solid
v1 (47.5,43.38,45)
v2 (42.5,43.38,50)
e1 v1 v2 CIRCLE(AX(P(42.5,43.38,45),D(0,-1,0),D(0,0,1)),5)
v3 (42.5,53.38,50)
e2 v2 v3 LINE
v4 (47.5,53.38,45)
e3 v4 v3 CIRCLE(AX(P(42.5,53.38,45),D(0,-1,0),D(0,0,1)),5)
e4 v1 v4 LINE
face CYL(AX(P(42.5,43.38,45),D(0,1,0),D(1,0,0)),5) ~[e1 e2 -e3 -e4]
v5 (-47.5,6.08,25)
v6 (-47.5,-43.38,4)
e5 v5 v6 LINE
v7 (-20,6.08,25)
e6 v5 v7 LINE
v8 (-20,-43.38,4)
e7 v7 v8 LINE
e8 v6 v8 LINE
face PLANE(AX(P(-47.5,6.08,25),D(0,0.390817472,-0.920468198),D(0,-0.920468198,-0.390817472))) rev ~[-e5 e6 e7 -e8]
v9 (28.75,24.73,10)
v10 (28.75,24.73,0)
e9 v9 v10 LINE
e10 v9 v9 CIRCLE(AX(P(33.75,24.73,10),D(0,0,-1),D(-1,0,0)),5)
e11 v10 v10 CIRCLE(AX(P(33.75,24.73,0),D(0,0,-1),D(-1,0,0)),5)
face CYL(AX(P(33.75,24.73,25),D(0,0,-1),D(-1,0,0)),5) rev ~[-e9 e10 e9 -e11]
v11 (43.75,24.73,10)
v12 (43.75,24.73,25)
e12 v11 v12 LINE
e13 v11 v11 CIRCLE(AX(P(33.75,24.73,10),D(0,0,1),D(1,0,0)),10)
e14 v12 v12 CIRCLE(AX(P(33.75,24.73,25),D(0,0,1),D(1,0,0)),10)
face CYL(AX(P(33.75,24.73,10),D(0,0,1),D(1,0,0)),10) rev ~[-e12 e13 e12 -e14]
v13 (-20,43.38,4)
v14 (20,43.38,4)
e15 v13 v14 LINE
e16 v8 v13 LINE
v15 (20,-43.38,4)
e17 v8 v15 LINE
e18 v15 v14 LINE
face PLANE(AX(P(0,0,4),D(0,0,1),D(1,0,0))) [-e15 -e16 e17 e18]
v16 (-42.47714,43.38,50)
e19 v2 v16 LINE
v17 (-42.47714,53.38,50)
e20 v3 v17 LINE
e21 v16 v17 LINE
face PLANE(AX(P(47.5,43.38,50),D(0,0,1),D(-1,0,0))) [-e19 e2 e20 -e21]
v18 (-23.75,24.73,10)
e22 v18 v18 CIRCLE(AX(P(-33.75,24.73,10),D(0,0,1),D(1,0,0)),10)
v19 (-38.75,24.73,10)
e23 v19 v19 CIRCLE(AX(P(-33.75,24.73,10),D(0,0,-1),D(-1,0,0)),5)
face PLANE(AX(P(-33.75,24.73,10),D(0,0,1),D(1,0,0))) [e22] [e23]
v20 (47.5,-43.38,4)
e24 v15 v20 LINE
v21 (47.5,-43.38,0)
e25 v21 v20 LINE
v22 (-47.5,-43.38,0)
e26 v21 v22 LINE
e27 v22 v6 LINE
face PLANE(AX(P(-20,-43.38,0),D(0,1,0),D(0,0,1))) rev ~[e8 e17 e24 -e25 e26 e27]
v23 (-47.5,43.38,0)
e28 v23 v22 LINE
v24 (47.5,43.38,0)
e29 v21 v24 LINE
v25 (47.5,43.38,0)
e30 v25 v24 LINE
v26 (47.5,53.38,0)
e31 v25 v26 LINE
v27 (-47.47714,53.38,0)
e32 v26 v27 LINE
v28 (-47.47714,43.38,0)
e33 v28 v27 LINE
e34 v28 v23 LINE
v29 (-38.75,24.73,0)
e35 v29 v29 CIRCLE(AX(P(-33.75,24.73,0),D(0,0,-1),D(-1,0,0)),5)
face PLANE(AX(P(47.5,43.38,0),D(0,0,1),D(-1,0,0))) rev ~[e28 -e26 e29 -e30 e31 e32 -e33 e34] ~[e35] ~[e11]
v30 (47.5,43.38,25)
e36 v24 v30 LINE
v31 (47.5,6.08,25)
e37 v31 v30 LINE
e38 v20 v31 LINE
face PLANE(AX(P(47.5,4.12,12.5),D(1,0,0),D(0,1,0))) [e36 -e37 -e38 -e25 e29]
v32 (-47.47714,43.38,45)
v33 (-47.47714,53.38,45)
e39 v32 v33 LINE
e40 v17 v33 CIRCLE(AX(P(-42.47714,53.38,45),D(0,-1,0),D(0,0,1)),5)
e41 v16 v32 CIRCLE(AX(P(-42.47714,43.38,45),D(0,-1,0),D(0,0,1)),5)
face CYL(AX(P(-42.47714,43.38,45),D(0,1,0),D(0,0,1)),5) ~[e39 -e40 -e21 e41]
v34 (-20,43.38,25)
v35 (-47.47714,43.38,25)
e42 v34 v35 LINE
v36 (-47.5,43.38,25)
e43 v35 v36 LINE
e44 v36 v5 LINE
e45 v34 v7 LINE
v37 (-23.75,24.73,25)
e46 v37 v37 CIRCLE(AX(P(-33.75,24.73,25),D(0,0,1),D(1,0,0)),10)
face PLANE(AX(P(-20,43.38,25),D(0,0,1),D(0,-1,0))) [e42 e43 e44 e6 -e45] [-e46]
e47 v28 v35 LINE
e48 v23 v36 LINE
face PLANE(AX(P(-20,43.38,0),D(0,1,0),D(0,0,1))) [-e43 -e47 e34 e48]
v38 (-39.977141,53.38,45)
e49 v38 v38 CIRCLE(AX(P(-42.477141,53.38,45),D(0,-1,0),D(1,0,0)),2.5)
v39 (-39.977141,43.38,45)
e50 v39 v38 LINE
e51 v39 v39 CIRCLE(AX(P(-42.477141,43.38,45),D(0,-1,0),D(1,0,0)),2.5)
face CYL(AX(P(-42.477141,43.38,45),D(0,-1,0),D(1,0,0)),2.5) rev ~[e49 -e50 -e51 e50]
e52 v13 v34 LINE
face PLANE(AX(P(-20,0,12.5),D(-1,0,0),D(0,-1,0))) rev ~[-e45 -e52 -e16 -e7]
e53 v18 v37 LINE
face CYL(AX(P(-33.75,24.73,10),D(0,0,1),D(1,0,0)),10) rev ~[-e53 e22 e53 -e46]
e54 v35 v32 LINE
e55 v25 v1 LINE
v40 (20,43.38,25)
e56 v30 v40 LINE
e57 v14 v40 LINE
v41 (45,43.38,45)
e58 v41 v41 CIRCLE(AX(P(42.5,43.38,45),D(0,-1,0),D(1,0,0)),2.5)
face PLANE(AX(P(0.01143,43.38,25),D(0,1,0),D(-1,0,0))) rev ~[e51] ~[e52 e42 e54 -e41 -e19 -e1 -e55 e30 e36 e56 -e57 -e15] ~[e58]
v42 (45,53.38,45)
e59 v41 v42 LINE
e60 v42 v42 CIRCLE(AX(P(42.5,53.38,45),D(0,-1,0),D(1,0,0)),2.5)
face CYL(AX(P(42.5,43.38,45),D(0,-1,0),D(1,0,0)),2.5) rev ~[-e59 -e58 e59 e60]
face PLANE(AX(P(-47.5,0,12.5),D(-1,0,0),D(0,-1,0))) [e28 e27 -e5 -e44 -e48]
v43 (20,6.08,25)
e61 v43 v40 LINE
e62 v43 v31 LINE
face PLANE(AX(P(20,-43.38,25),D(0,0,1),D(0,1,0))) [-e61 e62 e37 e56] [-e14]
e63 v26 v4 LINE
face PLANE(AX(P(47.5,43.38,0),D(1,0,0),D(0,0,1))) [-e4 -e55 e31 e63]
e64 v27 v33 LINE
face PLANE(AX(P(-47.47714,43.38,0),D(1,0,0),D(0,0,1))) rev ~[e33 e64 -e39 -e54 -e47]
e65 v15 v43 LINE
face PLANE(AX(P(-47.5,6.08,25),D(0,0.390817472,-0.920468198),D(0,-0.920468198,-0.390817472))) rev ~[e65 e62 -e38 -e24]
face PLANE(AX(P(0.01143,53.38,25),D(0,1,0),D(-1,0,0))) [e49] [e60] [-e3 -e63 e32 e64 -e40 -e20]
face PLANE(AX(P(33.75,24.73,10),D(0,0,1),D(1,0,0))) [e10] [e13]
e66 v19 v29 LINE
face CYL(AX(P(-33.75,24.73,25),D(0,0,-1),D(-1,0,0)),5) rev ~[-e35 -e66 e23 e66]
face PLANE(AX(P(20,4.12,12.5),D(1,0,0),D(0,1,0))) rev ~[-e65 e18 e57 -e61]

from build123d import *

# Parameters (mm, degrees)
F0_W            = 40
F0_H            = 86.76
F1_DEPTH        = 4
F2_W            = 95
F2_H            = 25
F3_DEPTH        = 27.5
F4_W            = 86.76
F4_H            = 25
F5_DEPTH        = 27.5
F6_W            = 94.977141
F6_H            = 50
F7_DEPTH        = 10
F9_R            = 5
F10_R           = 5
F11_R           = 2.5
F12_DEPTH       = 10.001
F14_DEPTH       = 95.001
F16_D           = 10
F16_CBORE_D     = 20
F16_CBORE_DEPTH = 15
F17_D           = 10
F17_CBORE_D     = 20
F17_CBORE_DEPTH = 15


with BuildPart() as f1:
    # F0 (on Top) → F1 (new body)
    with BuildSketch(Plane.XY):
        Rectangle(F0_W, F0_H)
    extrude(amount=F1_DEPTH)

    # F2 (on face) → F3 (join)
    with BuildSketch(Plane.YZ.offset(20)):
        with Locations((4.12, 12.5)):
            Rectangle(F2_W, F2_H)
    extrude(amount=F3_DEPTH)

    # F4 (on face) → F5 (join)
    with BuildSketch(Plane(origin=(-20, 0, 0), x_dir=(0, -1, 0), z_dir=(-1, 0, 0))):
        with Locations((0, 12.5)):
            Rectangle(F4_W, F4_H)
    extrude(amount=F5_DEPTH)

    # F6 (on face) → F7 (join)
    with BuildSketch(Plane(origin=(0, 43.38, 0), x_dir=(-1, 0, 0), z_dir=(0, 1, 0))):
        with Locations((-0.01143, 25)):
            Rectangle(F6_W, F6_H)
    extrude(amount=F7_DEPTH)

    # F9
    f9_edges = [f1.edges().sort_by_distance(p)[0] for p in [
        (47.5, 48.38, 50),
    ]]
    fillet(f9_edges, radius=F9_R)

    # F10
    f10_edges = [f1.edges().sort_by_distance(p)[0] for p in [
        (-47.477141, 48.38, 50),
    ]]
    fillet(f10_edges, radius=F10_R)

    # F11 (on face) → F12 (cut, through all)
    with BuildSketch(Plane.XZ.offset(-43.38)):
        with Locations((-42.477141, 45)):
            Circle(F11_R)
        with Locations((42.5, 45)):
            Circle(F11_R)
    extrude(amount=-F12_DEPTH, mode=Mode.SUBTRACT)

    # F13 (on face) → F14 (cut, through all)
    with BuildSketch(Plane(origin=(-47.5, 0, 0), x_dir=(0, -1, 0), z_dir=(-1, 0, 0))):
        Polygon((43.38, 25), (-6.08, 25), (43.38, 4), align=None)
    extrude(amount=-F14_DEPTH, mode=Mode.SUBTRACT)

    # F16 (through all)
    with Locations(Plane.XY.offset(25)):
        with Locations((-33.75, 24.73)):
            CounterBoreHole(F16_D / 2, F16_CBORE_D / 2, F16_CBORE_DEPTH)

    # F17 (through all)
    with Locations(Plane.XY.offset(25)):
        with Locations((33.75, 24.73)):
            CounterBoreHole(F17_D / 2, F17_CBORE_D / 2, F17_CBORE_DEPTH)


solid = f1.part
